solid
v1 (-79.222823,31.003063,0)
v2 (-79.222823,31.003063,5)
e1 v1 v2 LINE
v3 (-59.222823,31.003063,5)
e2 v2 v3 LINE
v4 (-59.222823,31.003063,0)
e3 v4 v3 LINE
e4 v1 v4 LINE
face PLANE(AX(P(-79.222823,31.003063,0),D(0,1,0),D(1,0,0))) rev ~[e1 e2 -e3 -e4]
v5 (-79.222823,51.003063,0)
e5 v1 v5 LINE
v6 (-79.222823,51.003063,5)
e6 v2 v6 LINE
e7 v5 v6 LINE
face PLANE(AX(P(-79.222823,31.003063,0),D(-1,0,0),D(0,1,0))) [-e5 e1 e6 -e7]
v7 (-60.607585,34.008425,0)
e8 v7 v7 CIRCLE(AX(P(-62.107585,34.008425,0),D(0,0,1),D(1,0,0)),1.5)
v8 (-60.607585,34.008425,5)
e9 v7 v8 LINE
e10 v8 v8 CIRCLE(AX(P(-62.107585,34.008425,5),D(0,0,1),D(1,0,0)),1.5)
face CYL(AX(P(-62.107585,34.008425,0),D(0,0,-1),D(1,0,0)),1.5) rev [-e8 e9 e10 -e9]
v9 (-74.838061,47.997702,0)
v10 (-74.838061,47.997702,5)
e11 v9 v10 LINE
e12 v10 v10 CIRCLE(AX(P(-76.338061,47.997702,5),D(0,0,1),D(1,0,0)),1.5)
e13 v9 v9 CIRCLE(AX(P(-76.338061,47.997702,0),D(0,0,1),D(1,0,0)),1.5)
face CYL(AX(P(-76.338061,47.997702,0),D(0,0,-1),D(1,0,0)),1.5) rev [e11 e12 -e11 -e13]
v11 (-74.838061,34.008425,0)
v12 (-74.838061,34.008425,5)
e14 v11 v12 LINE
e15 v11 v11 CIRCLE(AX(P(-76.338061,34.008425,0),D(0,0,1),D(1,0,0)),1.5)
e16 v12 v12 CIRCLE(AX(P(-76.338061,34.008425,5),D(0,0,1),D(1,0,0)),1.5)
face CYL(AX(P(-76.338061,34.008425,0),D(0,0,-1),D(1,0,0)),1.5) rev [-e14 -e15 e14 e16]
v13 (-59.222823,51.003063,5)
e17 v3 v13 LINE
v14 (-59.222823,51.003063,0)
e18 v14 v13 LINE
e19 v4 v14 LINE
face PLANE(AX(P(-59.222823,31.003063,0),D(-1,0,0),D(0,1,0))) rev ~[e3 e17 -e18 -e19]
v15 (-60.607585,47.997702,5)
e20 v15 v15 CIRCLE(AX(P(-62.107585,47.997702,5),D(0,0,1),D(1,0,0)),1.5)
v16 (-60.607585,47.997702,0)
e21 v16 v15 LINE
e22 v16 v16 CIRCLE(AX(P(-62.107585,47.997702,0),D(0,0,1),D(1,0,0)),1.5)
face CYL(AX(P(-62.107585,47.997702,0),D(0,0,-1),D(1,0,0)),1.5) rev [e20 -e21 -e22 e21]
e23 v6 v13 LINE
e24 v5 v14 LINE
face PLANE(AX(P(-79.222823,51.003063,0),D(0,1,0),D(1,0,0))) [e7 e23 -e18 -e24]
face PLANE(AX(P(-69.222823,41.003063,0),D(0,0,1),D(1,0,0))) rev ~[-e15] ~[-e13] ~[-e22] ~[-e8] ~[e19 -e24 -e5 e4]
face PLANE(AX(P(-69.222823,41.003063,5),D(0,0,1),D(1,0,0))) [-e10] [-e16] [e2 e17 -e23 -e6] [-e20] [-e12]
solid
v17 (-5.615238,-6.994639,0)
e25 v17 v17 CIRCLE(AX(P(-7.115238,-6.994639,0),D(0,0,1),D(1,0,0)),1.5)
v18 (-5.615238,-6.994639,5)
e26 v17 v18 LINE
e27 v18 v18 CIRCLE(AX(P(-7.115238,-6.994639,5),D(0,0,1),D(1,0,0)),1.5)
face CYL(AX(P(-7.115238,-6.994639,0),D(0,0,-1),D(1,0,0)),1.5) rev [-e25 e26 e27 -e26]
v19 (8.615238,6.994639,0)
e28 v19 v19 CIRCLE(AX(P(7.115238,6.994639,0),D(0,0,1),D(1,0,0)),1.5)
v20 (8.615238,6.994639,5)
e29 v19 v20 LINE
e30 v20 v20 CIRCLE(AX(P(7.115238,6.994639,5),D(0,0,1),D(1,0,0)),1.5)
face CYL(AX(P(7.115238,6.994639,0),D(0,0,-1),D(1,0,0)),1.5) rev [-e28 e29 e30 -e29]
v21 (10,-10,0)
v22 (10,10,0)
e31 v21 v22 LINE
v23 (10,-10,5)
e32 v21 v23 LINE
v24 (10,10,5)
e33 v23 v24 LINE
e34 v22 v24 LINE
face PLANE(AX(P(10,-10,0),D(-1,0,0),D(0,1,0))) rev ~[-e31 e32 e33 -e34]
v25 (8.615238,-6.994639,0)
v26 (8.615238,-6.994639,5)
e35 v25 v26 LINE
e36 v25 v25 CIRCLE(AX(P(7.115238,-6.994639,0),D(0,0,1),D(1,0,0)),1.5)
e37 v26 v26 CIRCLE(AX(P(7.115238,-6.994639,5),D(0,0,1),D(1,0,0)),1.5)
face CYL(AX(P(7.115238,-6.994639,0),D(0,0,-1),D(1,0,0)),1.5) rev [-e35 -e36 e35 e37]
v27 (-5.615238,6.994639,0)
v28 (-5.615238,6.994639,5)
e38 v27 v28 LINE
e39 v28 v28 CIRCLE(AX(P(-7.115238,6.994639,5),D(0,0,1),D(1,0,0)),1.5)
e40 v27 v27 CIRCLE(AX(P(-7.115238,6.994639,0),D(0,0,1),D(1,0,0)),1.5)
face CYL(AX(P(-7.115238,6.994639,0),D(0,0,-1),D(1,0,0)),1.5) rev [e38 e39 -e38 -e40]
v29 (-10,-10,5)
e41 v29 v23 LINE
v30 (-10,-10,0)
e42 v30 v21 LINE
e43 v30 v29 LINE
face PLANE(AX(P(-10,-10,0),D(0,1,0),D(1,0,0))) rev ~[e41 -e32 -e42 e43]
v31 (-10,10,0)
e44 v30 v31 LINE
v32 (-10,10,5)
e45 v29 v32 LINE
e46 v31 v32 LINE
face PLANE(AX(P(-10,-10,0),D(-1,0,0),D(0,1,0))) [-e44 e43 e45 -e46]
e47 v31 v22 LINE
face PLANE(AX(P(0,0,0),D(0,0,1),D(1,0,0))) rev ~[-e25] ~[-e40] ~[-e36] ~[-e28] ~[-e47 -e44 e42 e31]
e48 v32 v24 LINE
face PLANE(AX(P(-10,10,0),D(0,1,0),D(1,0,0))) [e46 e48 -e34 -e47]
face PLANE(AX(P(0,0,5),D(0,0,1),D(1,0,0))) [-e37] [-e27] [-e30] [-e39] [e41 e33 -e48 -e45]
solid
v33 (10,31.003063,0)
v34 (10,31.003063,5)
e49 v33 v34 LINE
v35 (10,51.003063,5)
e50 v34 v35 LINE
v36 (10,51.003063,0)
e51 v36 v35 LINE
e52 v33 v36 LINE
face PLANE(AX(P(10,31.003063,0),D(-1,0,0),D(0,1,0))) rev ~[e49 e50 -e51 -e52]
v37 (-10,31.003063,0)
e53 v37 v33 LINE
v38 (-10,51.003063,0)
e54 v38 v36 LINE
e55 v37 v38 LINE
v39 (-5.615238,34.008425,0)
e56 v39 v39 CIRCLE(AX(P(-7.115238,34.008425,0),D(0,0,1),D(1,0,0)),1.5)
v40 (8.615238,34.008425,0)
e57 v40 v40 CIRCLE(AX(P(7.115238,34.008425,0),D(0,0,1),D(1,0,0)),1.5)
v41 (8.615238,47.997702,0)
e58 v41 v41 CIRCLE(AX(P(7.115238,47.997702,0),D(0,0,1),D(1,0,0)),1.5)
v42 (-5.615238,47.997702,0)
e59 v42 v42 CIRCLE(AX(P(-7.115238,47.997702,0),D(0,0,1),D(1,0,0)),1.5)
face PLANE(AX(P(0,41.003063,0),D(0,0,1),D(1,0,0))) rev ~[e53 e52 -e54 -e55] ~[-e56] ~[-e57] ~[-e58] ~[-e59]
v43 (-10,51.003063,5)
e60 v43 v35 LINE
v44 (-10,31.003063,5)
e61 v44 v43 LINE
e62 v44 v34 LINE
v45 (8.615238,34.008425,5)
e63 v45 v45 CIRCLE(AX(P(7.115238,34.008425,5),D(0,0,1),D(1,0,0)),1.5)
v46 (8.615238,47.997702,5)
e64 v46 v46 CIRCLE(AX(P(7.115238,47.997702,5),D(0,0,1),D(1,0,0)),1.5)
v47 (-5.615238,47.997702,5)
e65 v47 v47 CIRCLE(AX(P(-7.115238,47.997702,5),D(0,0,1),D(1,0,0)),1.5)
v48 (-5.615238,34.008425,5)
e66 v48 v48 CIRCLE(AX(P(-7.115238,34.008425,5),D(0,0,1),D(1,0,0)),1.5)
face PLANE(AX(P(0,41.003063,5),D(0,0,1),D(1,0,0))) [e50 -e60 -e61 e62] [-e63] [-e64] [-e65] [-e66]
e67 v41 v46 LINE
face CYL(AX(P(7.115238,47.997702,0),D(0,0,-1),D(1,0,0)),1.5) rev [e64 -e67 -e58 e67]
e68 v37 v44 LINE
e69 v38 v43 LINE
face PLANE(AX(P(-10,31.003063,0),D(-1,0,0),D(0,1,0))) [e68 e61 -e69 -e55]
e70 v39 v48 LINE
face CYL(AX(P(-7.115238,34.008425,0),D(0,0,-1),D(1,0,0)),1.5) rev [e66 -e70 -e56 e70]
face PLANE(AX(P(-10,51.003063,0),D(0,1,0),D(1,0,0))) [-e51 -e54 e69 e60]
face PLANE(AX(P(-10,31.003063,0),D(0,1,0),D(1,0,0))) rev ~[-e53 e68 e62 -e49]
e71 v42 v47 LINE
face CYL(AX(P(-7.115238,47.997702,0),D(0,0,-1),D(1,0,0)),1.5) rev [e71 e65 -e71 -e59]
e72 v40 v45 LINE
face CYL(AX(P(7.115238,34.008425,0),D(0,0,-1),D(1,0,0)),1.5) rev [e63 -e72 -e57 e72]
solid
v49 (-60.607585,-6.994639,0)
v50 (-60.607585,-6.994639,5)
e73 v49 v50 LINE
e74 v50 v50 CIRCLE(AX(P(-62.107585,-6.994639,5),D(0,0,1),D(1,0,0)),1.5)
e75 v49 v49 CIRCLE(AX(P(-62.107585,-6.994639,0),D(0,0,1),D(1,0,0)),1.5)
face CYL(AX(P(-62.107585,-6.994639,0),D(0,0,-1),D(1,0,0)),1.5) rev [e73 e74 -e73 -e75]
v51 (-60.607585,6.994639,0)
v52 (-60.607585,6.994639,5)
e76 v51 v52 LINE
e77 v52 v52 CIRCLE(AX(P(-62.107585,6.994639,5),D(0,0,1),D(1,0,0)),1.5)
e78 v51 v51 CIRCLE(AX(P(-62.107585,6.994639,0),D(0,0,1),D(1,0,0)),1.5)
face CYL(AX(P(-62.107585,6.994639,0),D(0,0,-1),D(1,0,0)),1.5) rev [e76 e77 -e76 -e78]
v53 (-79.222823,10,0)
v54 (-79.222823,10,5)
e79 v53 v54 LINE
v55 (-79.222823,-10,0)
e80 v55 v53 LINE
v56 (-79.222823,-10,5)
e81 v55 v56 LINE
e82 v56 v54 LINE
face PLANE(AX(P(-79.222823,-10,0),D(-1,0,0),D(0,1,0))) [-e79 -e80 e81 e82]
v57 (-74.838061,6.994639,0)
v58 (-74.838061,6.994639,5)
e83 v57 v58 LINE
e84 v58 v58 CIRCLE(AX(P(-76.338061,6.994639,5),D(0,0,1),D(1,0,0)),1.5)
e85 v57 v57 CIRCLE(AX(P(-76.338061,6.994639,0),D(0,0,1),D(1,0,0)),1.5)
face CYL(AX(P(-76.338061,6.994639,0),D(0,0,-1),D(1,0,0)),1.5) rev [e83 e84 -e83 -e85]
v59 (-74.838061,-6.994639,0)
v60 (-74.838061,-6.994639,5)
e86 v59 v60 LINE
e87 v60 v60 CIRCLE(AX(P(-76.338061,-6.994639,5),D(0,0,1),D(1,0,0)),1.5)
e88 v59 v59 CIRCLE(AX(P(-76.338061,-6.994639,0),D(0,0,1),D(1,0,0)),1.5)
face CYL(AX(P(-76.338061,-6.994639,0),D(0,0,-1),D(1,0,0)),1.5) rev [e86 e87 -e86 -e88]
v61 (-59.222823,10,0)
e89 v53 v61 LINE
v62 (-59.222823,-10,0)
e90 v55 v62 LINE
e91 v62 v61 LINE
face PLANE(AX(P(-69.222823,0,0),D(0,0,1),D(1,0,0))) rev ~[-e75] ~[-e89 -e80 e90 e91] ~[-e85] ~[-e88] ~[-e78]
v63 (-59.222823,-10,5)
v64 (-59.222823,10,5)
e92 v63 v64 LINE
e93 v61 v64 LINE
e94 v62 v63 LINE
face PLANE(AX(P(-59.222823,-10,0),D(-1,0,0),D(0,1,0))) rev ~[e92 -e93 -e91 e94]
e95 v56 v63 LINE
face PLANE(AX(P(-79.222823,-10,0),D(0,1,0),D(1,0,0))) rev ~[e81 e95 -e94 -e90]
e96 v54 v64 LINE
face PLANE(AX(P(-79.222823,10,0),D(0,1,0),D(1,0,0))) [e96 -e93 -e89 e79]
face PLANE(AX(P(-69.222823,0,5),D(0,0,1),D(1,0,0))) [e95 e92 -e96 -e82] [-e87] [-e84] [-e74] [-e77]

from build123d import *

# Parameters (mm, degrees)
F0_W     = 20
F0_H     = 20
F0_R     = 1.5
F1_DEPTH = 5
F2_DEPTH = 5
F3_DEPTH = 5


with BuildPart() as f1:
    # F0 (on Top) → F1 (new body)
    with BuildSketch(Plane.XY):
        with Locations((0, 41.003063)):
            Rectangle(F0_W, F0_H)
        with Locations((-7.115238, 34.008425)):
            Circle(F0_R, mode=Mode.SUBTRACT)
        with Locations((7.115238, 34.008425)):
            Circle(F0_R, mode=Mode.SUBTRACT)
        with Locations((-7.115238, 47.997702)):
            Circle(F0_R, mode=Mode.SUBTRACT)
        with Locations((7.115238, 47.997702)):
            Circle(F0_R, mode=Mode.SUBTRACT)
    extrude(amount=F1_DEPTH)


with BuildPart() as f2:
    # F0 (on Top) → F2 (new body)
    with BuildSketch(Plane.XY):
        Rectangle(F0_W, F0_H)
        with Locations((-7.115238, -6.994639)):
            Circle(F0_R, mode=Mode.SUBTRACT)
        with Locations((7.115238, -6.994639)):
            Circle(F0_R, mode=Mode.SUBTRACT)
        with Locations((-7.115238, 6.994639)):
            Circle(F0_R, mode=Mode.SUBTRACT)
        with Locations((7.115238, 6.994639)):
            Circle(F0_R, mode=Mode.SUBTRACT)
    extrude(amount=F2_DEPTH)


with BuildPart() as f3:
    # F0 (on Top) → F3 (new body)
    with BuildSketch(Plane.XY):
        with Locations((-69.222823, 41.003063)):
            Rectangle(F0_W, F0_H)
        with Locations((-76.338061, 34.008425)):
            Circle(F0_R, mode=Mode.SUBTRACT)
        with Locations((-62.107585, 34.008425)):
            Circle(F0_R, mode=Mode.SUBTRACT)
        with Locations((-76.338061, 47.997702)):
            Circle(F0_R, mode=Mode.SUBTRACT)
        with Locations((-62.107585, 47.997702)):
            Circle(F0_R, mode=Mode.SUBTRACT)
        with Locations((-69.222823, 0)):
            Rectangle(F0_W, F0_H)
        with Locations((-76.338061, -6.994639)):
            Circle(F0_R, mode=Mode.SUBTRACT)
        with Locations((-62.107585, -6.994639)):
            Circle(F0_R, mode=Mode.SUBTRACT)
        with Locations((-76.338061, 6.994639)):
            Circle(F0_R, mode=Mode.SUBTRACT)
        with Locations((-62.107585, 6.994639)):
            Circle(F0_R, mode=Mode.SUBTRACT)
    extrude(amount=F3_DEPTH)


solid = Compound([f1.part, f2.part, f3.part])
